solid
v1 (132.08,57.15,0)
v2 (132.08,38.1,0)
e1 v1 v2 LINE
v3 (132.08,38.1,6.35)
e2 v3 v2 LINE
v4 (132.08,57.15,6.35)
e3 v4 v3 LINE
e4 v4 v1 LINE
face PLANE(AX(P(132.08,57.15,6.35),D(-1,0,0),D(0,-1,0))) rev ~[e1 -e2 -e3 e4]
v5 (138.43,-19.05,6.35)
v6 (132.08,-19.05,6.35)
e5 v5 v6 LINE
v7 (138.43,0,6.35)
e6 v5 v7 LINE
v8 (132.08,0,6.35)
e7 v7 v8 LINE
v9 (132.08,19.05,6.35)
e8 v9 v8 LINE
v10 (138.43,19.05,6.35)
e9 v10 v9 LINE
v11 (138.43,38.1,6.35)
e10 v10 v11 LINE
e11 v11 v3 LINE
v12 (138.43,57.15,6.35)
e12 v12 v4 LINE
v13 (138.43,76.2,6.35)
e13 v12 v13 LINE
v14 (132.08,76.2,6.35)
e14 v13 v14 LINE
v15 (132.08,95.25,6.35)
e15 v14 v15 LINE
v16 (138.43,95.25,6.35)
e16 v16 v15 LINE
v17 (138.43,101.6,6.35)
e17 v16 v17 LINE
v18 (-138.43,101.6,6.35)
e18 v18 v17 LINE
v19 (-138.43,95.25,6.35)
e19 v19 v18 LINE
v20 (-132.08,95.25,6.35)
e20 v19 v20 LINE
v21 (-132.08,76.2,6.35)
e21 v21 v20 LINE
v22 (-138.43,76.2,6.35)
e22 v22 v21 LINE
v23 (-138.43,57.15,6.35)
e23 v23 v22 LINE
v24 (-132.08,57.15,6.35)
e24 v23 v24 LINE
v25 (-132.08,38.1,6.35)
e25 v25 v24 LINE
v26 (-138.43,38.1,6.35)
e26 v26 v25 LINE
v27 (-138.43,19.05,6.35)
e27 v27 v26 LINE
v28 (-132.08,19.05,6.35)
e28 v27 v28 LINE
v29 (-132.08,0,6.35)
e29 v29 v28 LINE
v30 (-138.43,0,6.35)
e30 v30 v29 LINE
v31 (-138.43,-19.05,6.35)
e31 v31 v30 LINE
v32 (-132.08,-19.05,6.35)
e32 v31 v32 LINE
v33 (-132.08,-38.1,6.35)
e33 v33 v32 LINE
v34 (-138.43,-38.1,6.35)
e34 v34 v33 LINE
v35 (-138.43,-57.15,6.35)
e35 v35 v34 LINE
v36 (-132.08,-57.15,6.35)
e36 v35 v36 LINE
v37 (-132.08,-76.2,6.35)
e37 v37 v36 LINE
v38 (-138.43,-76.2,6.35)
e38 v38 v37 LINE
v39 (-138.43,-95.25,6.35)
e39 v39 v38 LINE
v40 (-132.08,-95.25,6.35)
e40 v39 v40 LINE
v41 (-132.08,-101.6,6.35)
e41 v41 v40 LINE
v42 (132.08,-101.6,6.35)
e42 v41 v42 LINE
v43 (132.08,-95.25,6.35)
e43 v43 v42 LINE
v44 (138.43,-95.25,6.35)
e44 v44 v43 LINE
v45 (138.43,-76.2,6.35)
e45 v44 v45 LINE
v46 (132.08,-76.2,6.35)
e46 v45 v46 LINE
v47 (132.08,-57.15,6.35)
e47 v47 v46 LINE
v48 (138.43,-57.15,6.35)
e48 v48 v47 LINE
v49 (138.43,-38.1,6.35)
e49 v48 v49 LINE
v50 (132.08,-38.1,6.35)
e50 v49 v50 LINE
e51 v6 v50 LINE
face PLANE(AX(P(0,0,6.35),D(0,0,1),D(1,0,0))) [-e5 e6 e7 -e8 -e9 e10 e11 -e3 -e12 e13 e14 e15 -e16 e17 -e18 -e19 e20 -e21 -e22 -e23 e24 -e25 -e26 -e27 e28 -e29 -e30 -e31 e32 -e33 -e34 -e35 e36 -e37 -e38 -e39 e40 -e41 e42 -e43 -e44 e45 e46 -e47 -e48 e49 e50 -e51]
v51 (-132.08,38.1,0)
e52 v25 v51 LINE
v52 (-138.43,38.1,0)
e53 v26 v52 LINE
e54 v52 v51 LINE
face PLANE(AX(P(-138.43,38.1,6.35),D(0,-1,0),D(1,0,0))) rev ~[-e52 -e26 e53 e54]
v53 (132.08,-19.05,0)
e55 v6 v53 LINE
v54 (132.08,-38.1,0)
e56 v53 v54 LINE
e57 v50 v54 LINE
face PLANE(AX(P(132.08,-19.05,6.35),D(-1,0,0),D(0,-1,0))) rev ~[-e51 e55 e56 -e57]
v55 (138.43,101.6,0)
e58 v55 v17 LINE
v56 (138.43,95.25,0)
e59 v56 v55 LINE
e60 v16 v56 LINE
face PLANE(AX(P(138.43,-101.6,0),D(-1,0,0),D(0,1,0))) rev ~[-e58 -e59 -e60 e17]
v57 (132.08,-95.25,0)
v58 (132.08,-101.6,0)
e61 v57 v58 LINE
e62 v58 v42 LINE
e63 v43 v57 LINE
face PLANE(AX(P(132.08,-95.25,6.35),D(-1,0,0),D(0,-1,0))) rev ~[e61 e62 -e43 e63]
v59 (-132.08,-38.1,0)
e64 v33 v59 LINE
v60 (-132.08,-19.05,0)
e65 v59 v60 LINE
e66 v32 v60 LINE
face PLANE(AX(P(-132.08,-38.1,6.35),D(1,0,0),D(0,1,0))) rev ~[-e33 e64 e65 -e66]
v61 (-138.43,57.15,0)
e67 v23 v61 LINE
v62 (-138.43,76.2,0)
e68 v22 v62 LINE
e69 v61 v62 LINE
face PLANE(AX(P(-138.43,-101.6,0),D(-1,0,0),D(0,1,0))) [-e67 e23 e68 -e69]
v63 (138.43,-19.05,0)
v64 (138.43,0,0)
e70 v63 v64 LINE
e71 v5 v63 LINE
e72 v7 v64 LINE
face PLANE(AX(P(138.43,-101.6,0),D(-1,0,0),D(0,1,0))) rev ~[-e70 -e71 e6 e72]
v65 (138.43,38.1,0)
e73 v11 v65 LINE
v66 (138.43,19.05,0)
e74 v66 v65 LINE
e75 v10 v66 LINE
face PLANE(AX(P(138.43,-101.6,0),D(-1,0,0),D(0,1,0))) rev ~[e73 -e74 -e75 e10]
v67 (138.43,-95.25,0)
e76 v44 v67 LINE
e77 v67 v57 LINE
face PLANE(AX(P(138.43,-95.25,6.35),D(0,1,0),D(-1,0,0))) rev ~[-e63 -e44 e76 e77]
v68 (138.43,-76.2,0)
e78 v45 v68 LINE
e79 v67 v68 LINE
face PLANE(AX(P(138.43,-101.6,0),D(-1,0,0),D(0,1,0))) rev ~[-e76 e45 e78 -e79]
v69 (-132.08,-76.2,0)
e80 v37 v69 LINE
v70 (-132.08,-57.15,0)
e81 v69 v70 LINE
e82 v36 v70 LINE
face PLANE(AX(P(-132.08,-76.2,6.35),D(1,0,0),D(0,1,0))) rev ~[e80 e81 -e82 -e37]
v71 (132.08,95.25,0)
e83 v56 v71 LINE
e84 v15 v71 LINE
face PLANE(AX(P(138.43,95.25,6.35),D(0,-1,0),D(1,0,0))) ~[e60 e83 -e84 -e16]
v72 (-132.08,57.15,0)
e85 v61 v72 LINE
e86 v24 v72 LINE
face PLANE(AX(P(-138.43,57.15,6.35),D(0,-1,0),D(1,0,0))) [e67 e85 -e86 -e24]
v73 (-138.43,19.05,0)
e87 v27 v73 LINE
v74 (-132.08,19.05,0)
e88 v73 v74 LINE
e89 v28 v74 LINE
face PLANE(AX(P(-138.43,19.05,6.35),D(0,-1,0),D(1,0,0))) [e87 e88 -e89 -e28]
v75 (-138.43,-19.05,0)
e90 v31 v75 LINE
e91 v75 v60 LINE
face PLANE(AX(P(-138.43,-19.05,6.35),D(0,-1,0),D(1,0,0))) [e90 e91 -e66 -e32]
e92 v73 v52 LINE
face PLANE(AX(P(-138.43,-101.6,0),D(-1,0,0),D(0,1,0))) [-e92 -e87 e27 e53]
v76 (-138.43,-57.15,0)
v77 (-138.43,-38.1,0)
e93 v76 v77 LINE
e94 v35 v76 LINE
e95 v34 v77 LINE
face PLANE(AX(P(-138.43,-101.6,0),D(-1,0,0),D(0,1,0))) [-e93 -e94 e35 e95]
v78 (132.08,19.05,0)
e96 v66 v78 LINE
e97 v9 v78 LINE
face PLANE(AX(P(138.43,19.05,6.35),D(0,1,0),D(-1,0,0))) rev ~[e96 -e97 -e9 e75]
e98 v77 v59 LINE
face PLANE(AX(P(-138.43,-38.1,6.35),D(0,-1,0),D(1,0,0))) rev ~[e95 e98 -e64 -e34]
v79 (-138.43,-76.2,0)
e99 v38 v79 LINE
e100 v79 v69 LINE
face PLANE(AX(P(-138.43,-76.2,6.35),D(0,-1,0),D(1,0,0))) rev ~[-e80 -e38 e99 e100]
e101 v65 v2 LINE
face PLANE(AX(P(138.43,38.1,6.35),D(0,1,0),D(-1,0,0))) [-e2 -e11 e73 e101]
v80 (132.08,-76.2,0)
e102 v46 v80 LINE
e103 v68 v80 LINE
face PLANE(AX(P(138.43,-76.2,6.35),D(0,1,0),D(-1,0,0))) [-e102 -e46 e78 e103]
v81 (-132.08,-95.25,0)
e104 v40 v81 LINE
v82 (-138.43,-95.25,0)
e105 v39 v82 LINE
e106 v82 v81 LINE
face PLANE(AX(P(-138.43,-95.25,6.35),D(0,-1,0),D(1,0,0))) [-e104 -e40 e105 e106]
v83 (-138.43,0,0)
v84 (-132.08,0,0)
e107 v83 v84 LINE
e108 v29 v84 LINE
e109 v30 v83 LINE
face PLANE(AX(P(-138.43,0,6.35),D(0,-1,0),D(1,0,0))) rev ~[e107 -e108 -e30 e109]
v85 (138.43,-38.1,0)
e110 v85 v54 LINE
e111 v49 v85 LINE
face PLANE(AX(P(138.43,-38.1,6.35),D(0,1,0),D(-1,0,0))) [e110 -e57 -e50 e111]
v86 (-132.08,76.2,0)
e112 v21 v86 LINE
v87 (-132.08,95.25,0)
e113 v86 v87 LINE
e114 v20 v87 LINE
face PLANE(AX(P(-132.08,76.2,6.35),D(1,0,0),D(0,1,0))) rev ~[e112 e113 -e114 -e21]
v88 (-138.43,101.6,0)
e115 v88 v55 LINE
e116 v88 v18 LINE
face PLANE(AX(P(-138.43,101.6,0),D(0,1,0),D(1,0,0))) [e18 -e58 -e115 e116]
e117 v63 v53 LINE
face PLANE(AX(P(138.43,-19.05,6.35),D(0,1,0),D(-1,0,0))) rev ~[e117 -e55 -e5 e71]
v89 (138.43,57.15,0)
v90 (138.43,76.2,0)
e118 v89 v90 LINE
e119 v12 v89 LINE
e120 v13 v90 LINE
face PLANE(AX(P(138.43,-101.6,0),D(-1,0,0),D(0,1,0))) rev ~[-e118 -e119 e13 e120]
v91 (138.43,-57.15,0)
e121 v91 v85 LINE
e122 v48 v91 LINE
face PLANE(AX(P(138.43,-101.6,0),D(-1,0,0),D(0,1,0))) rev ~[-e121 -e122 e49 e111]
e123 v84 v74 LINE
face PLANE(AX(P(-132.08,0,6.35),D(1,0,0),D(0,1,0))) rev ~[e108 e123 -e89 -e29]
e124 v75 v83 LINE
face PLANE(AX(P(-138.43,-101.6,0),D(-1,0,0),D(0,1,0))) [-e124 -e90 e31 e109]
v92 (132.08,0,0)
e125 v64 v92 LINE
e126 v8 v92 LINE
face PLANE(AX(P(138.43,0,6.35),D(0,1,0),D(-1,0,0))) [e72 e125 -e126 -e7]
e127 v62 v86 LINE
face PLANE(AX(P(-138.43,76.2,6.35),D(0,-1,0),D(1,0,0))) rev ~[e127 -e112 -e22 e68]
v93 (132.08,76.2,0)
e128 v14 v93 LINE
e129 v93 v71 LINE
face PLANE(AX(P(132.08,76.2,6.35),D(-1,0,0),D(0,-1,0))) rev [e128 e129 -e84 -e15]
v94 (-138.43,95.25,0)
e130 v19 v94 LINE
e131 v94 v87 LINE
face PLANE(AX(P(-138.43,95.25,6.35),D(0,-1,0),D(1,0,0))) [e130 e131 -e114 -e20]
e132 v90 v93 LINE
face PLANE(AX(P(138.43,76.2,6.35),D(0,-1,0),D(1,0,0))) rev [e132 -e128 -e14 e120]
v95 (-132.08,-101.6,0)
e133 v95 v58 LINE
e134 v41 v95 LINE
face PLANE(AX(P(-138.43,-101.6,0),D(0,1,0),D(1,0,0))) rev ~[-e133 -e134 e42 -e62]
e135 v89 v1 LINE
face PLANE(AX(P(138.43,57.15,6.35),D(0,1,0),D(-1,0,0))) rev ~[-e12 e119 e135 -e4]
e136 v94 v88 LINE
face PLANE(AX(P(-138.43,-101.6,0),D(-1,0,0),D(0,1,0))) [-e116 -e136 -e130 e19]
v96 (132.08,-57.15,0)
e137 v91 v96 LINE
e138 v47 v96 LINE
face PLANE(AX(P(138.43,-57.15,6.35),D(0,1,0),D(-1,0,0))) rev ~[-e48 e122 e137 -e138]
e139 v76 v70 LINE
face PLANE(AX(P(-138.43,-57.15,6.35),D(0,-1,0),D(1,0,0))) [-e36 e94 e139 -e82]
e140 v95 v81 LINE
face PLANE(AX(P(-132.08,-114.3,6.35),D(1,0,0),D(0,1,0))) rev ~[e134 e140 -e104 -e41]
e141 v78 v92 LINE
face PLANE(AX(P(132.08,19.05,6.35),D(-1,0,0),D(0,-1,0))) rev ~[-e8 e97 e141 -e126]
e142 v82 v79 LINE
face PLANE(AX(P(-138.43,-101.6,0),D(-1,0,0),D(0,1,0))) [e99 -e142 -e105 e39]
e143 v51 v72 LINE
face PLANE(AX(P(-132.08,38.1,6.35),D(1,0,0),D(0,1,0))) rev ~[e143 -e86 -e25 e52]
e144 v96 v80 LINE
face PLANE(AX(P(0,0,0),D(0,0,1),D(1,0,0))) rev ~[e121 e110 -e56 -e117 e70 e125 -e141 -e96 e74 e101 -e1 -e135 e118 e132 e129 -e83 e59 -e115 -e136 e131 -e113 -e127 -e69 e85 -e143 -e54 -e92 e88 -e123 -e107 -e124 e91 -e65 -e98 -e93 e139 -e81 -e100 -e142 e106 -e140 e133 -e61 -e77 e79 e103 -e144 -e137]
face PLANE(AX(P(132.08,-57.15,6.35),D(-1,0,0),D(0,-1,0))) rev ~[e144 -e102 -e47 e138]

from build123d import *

# Parameters (mm, degrees)
SKETCH1_W               = 276.86
SKETCH1_H               = 203.2
BOSS_EXTRUDE1_DEPTH     = 6.35
SKETCH2_W               = 6.35
SKETCH2_H               = 19.05
CUT_EXTRUDE1_DEPTH      = 172.830577605
LPATTERN1_COUNT         = 6
LPATTERN1_PITCH         = 38.1
MIRROR1_COPY_1_SKETCH_W = 6.35
MIRROR1_COPY_1_SKETCH_H = 19.05
MIRROR1_COPY_1_DEPTH    = 172.830577605
MIRROR1_COPY_2_SKETCH_W = 6.35
MIRROR1_COPY_2_SKETCH_H = 19.05
MIRROR1_COPY_2_DEPTH    = 172.830577605
MIRROR1_COPY_3_SKETCH_W = 6.35
MIRROR1_COPY_3_SKETCH_H = 19.05
MIRROR1_COPY_3_DEPTH    = 172.830577605
MIRROR1_COPY_4_SKETCH_W = 6.35
MIRROR1_COPY_4_SKETCH_H = 19.05
MIRROR1_COPY_4_DEPTH    = 172.830577605
MIRROR1_COPY_5_SKETCH_W = 6.35
MIRROR1_COPY_5_SKETCH_H = 19.05
MIRROR1_COPY_5_DEPTH    = 172.830577605


with BuildPart() as part:
    # Sketch1 → Boss-Extrude1 (new body)
    with BuildSketch(Plane.XY):
        Rectangle(SKETCH1_W, SKETCH1_H)
    extrude(amount=BOSS_EXTRUDE1_DEPTH)

    # Sketch2 → Cut-Extrude1 (cut, through all)
    with BuildSketch(Plane.XY.offset(6.35)):
        with Locations((-135.255, 85.725)):
            Rectangle(SKETCH2_W, SKETCH2_H)
    cut_extrude1 = extrude(amount=-CUT_EXTRUDE1_DEPTH, mode=Mode.SUBTRACT)

    # LPattern1: Cut-Extrude1 ×6
    with Locations(*[(0, -i * LPATTERN1_PITCH, 0) for i in range(1, LPATTERN1_COUNT)]):
        add(cut_extrude1, mode=Mode.SUBTRACT)

    # Mirror1: Cut-Extrude1 across plane
    add(cut_extrude1.mirror(Plane(origin=(0, 0, 0), x_dir=(0, 0, 1), z_dir=(1, 0, 0))), mode=Mode.SUBTRACT)

    # Mirror1 copy 1 sketch → Mirror1 copy 1 (cut, through all)
    with BuildSketch(Plane(origin=(0, -38.1, 6.35), x_dir=(-1, 0, 0), z_dir=(0, 0, 1))):
        with Locations((-135.255, -85.725)):
            Rectangle(MIRROR1_COPY_1_SKETCH_W, MIRROR1_COPY_1_SKETCH_H)
    extrude(amount=-MIRROR1_COPY_1_DEPTH, mode=Mode.SUBTRACT)

    # Mirror1 copy 2 sketch → Mirror1 copy 2 (cut, through all)
    with BuildSketch(Plane(origin=(0, -76.2, 6.35), x_dir=(-1, 0, 0), z_dir=(0, 0, 1))):
        with Locations((-135.255, -85.725)):
            Rectangle(MIRROR1_COPY_2_SKETCH_W, MIRROR1_COPY_2_SKETCH_H)
    extrude(amount=-MIRROR1_COPY_2_DEPTH, mode=Mode.SUBTRACT)

    # Mirror1 copy 3 sketch → Mirror1 copy 3 (cut, through all)
    with BuildSketch(Plane(origin=(0, -114.3, 6.35), x_dir=(-1, 0, 0), z_dir=(0, 0, 1))):
        with Locations((-135.255, -85.725)):
            Rectangle(MIRROR1_COPY_3_SKETCH_W, MIRROR1_COPY_3_SKETCH_H)
    extrude(amount=-MIRROR1_COPY_3_DEPTH, mode=Mode.SUBTRACT)

    # Mirror1 copy 4 sketch → Mirror1 copy 4 (cut, through all)
    with BuildSketch(Plane(origin=(0, -152.4, 6.35), x_dir=(-1, 0, 0), z_dir=(0, 0, 1))):
        with Locations((-135.255, -85.725)):
            Rectangle(MIRROR1_COPY_4_SKETCH_W, MIRROR1_COPY_4_SKETCH_H)
    extrude(amount=-MIRROR1_COPY_4_DEPTH, mode=Mode.SUBTRACT)

    # Mirror1 copy 5 sketch → Mirror1 copy 5 (cut, through all)
    with BuildSketch(Plane(origin=(0, -190.5, 6.35), x_dir=(-1, 0, 0), z_dir=(0, 0, 1))):
        with Locations((-135.255, -85.725)):
            Rectangle(MIRROR1_COPY_5_SKETCH_W, MIRROR1_COPY_5_SKETCH_H)
    extrude(amount=-MIRROR1_COPY_5_DEPTH, mode=Mode.SUBTRACT)


solid = part.part
